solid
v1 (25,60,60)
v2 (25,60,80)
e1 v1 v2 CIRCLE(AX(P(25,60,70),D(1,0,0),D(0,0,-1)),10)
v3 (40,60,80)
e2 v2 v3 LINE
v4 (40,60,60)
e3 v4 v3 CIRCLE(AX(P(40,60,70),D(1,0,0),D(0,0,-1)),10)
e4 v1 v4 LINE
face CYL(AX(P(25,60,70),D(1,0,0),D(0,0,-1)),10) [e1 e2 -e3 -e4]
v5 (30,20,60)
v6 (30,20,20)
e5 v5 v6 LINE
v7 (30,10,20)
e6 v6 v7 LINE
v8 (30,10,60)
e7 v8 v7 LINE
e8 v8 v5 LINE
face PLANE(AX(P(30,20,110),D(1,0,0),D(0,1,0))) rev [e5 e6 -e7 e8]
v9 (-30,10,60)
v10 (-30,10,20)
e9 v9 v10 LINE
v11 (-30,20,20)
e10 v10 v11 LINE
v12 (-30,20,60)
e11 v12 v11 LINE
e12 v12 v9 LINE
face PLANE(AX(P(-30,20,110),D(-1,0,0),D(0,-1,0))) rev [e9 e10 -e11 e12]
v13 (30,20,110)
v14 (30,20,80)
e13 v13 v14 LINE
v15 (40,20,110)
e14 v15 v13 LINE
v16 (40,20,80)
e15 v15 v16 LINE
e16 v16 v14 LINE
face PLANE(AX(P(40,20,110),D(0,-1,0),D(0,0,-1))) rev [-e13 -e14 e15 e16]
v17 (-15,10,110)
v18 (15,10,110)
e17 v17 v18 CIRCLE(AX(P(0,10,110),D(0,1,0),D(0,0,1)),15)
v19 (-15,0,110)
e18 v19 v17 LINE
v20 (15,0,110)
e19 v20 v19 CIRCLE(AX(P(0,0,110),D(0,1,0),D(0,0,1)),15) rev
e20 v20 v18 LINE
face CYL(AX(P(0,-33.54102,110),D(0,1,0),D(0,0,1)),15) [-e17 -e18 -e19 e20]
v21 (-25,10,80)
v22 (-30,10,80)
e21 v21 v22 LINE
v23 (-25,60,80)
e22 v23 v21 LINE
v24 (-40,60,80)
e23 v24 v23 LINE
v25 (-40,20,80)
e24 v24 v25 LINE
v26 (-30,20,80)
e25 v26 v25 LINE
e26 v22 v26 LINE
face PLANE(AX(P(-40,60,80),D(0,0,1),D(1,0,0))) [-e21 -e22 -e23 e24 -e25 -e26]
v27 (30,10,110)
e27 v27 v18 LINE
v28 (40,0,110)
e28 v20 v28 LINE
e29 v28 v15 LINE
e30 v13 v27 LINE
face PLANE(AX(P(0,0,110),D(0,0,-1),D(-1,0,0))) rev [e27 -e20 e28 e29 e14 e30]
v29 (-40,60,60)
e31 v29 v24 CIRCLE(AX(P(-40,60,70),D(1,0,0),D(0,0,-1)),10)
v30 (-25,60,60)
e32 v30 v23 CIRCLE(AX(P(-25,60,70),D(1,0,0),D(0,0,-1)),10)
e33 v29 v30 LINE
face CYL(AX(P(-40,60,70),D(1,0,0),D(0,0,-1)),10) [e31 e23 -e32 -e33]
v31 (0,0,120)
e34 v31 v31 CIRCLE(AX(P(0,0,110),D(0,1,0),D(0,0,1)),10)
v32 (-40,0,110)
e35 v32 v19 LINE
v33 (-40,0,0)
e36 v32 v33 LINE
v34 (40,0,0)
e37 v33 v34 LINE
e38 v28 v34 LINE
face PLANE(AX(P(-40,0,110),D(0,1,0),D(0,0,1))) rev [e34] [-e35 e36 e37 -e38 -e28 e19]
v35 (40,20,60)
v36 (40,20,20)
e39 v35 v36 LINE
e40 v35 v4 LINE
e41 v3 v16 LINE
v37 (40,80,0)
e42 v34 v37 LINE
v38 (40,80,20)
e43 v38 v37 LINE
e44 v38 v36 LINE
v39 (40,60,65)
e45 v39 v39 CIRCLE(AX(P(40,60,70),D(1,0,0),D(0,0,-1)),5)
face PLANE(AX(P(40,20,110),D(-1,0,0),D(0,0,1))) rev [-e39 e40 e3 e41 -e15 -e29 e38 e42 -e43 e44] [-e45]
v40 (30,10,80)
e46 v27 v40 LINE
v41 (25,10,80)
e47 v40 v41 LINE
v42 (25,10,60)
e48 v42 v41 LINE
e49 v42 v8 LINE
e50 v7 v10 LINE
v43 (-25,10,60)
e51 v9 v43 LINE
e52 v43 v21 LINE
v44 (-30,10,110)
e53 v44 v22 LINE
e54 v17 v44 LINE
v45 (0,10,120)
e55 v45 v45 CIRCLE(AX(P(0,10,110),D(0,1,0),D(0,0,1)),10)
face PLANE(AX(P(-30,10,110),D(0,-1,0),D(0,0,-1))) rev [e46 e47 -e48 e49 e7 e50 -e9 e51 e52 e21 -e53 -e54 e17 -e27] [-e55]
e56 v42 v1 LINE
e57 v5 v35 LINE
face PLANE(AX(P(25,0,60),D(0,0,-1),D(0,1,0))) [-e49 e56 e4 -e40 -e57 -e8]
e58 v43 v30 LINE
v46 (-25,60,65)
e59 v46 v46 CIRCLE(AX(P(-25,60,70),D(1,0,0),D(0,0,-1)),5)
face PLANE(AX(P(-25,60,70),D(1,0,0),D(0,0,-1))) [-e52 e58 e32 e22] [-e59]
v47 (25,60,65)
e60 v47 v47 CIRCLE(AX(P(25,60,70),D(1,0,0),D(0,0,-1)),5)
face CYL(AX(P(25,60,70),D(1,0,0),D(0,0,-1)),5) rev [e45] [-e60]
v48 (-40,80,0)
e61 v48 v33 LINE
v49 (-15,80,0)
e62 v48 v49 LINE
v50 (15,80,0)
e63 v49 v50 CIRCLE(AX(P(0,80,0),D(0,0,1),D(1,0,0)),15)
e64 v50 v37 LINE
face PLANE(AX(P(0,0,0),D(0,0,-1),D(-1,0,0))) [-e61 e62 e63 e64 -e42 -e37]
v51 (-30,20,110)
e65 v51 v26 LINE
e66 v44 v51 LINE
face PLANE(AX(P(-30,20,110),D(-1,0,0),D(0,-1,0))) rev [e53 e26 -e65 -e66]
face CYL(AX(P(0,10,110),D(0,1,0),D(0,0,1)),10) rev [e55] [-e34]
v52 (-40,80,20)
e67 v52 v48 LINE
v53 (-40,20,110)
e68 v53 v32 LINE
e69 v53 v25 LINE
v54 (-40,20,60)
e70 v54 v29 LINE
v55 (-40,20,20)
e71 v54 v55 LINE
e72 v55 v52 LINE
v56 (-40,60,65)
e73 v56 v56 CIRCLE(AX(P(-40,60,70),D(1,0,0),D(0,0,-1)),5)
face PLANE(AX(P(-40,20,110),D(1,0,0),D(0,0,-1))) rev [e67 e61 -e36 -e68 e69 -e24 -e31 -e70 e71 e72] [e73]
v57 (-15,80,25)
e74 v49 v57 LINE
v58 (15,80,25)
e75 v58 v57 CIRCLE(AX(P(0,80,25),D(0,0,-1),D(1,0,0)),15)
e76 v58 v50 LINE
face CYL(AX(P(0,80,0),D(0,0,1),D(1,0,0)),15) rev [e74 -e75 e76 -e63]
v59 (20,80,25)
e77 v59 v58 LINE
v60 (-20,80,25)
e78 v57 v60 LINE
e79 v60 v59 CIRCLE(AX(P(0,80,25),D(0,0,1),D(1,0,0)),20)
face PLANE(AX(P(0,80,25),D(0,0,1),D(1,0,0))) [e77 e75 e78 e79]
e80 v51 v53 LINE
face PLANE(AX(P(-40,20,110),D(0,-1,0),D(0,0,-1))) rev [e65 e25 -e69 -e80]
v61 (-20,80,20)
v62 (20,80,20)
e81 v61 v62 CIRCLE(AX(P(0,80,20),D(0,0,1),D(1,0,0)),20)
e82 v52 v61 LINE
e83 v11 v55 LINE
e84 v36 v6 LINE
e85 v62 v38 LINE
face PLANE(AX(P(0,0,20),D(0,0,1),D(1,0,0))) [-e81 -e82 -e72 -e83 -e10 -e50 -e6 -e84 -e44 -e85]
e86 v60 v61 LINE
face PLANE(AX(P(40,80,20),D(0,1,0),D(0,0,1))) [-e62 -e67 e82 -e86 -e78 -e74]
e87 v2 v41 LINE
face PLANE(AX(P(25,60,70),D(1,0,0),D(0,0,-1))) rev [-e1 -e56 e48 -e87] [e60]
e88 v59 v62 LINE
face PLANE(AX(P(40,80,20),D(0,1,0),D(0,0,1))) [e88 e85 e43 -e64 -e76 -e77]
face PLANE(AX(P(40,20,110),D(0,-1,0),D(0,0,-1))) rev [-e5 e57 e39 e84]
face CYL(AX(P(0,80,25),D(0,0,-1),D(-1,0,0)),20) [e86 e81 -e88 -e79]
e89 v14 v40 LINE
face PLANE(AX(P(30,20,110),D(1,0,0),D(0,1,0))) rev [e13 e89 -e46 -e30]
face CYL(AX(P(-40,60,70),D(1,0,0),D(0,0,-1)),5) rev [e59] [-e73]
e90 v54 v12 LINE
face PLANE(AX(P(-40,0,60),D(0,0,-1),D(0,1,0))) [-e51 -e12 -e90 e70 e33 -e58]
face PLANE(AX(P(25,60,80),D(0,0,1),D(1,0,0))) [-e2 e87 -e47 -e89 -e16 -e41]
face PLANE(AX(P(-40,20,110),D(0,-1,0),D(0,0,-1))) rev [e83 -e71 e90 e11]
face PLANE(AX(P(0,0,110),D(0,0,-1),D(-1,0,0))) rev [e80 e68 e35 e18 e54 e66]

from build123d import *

# Parameters (mm, degrees)
BOSS_EXTRUDE1_DEPTH = 110
SKETCH2_W           = 80
SKETCH2_H           = 80
BOSS_EXTRUDE2_DEPTH = 20
SKETCH3_R           = 15
CUT_EXTRUDE1_DEPTH  = 20
BOSS_EXTRUDE3_START = 5
BOSS_EXTRUDE3_DEPTH = 5
BOSS_EXTRUDE4_DEPTH = 10
HOLE1_D             = 20
SKETCH9_R           = 5
BOSS_EXTRUDE5_DEPTH = 15
LPATTERN1_COUNT     = 2
LPATTERN1_PITCH     = 65


with BuildPart() as part:
    # Sketch1 → Boss-Extrude1 (new body)
    with BuildSketch(Plane.XY):
        Polygon((-40, 20), (-40, 0), (40, 0), (40, 20), (30, 20), (30, 10), (-30, 10), (-30, 20), align=None)
    extrude(amount=BOSS_EXTRUDE1_DEPTH)

    # Sketch2 → Boss-Extrude2 (add)
    with BuildSketch(Plane(origin=(0, 0, 0), x_dir=(-1, 0, 0), z_dir=(0, 0, -1))):
        with Locations((0, 40)):
            Rectangle(SKETCH2_W, SKETCH2_H)
    extrude(amount=-BOSS_EXTRUDE2_DEPTH)

    # Sketch3 → Cut-Extrude1 (cut)
    with BuildSketch(Plane.XY.offset(20)):
        with Locations((0, 80)):
            Circle(SKETCH3_R)
    extrude(amount=-CUT_EXTRUDE1_DEPTH, mode=Mode.SUBTRACT)

    # Sketch4 → Boss-Extrude3 (add)
    with BuildSketch(Plane.XY.offset(20).offset(BOSS_EXTRUDE3_START)):
        with BuildLine():
            Line((-20, 80), (-15, 80))
            ThreePointArc((-15, 80), (0, 65), (15, 80))
            Line((15, 80), (20, 80))
            ThreePointArc((20, 80), (0, 60), (-20, 80))
        make_face()
    extrude(amount=-BOSS_EXTRUDE3_DEPTH)

    # Sketch6 → Boss-Extrude4 (add)
    with BuildSketch(Plane(origin=(0, 10, 0), x_dir=(1, 0, 0), z_dir=(0, 1, 0))):
        with BuildLine():
            Line((-15, -110), (15, -110))
            ThreePointArc((15, -110), (0, -125), (-15, -110))
        make_face()
    extrude(amount=-BOSS_EXTRUDE4_DEPTH)

    # Hole1 (through all)
    with Locations(Plane(origin=(0, 10, 0), x_dir=(1, 0, 0), z_dir=(0, 1, 0))):
        with Locations((0, -110)):
            Hole(HOLE1_D / 2)

    # Sketch9 → Boss-Extrude5 (add)
    with BuildSketch(Plane(origin=(40, 0, 0), x_dir=(0, 0, -1), z_dir=(1, 0, 0))):
        with BuildLine():
            Line((-80, 60), (-80, 0))
            Line((-80, 0), (-60, 0))
            Line((-60, 0), (-60, 60))
            ThreePointArc((-60, 60), (-70, 70), (-80, 60))
        make_face()
        with Locations((-70, 60)):
            Circle(SKETCH9_R, mode=Mode.SUBTRACT)
    boss_extrude5 = extrude(amount=-BOSS_EXTRUDE5_DEPTH)

    # LPattern1: Boss-Extrude5 ×2
    with Locations(*[(-i * LPATTERN1_PITCH, 0, 0) for i in range(1, LPATTERN1_COUNT)]):
        add(boss_extrude5)


solid = part.part
